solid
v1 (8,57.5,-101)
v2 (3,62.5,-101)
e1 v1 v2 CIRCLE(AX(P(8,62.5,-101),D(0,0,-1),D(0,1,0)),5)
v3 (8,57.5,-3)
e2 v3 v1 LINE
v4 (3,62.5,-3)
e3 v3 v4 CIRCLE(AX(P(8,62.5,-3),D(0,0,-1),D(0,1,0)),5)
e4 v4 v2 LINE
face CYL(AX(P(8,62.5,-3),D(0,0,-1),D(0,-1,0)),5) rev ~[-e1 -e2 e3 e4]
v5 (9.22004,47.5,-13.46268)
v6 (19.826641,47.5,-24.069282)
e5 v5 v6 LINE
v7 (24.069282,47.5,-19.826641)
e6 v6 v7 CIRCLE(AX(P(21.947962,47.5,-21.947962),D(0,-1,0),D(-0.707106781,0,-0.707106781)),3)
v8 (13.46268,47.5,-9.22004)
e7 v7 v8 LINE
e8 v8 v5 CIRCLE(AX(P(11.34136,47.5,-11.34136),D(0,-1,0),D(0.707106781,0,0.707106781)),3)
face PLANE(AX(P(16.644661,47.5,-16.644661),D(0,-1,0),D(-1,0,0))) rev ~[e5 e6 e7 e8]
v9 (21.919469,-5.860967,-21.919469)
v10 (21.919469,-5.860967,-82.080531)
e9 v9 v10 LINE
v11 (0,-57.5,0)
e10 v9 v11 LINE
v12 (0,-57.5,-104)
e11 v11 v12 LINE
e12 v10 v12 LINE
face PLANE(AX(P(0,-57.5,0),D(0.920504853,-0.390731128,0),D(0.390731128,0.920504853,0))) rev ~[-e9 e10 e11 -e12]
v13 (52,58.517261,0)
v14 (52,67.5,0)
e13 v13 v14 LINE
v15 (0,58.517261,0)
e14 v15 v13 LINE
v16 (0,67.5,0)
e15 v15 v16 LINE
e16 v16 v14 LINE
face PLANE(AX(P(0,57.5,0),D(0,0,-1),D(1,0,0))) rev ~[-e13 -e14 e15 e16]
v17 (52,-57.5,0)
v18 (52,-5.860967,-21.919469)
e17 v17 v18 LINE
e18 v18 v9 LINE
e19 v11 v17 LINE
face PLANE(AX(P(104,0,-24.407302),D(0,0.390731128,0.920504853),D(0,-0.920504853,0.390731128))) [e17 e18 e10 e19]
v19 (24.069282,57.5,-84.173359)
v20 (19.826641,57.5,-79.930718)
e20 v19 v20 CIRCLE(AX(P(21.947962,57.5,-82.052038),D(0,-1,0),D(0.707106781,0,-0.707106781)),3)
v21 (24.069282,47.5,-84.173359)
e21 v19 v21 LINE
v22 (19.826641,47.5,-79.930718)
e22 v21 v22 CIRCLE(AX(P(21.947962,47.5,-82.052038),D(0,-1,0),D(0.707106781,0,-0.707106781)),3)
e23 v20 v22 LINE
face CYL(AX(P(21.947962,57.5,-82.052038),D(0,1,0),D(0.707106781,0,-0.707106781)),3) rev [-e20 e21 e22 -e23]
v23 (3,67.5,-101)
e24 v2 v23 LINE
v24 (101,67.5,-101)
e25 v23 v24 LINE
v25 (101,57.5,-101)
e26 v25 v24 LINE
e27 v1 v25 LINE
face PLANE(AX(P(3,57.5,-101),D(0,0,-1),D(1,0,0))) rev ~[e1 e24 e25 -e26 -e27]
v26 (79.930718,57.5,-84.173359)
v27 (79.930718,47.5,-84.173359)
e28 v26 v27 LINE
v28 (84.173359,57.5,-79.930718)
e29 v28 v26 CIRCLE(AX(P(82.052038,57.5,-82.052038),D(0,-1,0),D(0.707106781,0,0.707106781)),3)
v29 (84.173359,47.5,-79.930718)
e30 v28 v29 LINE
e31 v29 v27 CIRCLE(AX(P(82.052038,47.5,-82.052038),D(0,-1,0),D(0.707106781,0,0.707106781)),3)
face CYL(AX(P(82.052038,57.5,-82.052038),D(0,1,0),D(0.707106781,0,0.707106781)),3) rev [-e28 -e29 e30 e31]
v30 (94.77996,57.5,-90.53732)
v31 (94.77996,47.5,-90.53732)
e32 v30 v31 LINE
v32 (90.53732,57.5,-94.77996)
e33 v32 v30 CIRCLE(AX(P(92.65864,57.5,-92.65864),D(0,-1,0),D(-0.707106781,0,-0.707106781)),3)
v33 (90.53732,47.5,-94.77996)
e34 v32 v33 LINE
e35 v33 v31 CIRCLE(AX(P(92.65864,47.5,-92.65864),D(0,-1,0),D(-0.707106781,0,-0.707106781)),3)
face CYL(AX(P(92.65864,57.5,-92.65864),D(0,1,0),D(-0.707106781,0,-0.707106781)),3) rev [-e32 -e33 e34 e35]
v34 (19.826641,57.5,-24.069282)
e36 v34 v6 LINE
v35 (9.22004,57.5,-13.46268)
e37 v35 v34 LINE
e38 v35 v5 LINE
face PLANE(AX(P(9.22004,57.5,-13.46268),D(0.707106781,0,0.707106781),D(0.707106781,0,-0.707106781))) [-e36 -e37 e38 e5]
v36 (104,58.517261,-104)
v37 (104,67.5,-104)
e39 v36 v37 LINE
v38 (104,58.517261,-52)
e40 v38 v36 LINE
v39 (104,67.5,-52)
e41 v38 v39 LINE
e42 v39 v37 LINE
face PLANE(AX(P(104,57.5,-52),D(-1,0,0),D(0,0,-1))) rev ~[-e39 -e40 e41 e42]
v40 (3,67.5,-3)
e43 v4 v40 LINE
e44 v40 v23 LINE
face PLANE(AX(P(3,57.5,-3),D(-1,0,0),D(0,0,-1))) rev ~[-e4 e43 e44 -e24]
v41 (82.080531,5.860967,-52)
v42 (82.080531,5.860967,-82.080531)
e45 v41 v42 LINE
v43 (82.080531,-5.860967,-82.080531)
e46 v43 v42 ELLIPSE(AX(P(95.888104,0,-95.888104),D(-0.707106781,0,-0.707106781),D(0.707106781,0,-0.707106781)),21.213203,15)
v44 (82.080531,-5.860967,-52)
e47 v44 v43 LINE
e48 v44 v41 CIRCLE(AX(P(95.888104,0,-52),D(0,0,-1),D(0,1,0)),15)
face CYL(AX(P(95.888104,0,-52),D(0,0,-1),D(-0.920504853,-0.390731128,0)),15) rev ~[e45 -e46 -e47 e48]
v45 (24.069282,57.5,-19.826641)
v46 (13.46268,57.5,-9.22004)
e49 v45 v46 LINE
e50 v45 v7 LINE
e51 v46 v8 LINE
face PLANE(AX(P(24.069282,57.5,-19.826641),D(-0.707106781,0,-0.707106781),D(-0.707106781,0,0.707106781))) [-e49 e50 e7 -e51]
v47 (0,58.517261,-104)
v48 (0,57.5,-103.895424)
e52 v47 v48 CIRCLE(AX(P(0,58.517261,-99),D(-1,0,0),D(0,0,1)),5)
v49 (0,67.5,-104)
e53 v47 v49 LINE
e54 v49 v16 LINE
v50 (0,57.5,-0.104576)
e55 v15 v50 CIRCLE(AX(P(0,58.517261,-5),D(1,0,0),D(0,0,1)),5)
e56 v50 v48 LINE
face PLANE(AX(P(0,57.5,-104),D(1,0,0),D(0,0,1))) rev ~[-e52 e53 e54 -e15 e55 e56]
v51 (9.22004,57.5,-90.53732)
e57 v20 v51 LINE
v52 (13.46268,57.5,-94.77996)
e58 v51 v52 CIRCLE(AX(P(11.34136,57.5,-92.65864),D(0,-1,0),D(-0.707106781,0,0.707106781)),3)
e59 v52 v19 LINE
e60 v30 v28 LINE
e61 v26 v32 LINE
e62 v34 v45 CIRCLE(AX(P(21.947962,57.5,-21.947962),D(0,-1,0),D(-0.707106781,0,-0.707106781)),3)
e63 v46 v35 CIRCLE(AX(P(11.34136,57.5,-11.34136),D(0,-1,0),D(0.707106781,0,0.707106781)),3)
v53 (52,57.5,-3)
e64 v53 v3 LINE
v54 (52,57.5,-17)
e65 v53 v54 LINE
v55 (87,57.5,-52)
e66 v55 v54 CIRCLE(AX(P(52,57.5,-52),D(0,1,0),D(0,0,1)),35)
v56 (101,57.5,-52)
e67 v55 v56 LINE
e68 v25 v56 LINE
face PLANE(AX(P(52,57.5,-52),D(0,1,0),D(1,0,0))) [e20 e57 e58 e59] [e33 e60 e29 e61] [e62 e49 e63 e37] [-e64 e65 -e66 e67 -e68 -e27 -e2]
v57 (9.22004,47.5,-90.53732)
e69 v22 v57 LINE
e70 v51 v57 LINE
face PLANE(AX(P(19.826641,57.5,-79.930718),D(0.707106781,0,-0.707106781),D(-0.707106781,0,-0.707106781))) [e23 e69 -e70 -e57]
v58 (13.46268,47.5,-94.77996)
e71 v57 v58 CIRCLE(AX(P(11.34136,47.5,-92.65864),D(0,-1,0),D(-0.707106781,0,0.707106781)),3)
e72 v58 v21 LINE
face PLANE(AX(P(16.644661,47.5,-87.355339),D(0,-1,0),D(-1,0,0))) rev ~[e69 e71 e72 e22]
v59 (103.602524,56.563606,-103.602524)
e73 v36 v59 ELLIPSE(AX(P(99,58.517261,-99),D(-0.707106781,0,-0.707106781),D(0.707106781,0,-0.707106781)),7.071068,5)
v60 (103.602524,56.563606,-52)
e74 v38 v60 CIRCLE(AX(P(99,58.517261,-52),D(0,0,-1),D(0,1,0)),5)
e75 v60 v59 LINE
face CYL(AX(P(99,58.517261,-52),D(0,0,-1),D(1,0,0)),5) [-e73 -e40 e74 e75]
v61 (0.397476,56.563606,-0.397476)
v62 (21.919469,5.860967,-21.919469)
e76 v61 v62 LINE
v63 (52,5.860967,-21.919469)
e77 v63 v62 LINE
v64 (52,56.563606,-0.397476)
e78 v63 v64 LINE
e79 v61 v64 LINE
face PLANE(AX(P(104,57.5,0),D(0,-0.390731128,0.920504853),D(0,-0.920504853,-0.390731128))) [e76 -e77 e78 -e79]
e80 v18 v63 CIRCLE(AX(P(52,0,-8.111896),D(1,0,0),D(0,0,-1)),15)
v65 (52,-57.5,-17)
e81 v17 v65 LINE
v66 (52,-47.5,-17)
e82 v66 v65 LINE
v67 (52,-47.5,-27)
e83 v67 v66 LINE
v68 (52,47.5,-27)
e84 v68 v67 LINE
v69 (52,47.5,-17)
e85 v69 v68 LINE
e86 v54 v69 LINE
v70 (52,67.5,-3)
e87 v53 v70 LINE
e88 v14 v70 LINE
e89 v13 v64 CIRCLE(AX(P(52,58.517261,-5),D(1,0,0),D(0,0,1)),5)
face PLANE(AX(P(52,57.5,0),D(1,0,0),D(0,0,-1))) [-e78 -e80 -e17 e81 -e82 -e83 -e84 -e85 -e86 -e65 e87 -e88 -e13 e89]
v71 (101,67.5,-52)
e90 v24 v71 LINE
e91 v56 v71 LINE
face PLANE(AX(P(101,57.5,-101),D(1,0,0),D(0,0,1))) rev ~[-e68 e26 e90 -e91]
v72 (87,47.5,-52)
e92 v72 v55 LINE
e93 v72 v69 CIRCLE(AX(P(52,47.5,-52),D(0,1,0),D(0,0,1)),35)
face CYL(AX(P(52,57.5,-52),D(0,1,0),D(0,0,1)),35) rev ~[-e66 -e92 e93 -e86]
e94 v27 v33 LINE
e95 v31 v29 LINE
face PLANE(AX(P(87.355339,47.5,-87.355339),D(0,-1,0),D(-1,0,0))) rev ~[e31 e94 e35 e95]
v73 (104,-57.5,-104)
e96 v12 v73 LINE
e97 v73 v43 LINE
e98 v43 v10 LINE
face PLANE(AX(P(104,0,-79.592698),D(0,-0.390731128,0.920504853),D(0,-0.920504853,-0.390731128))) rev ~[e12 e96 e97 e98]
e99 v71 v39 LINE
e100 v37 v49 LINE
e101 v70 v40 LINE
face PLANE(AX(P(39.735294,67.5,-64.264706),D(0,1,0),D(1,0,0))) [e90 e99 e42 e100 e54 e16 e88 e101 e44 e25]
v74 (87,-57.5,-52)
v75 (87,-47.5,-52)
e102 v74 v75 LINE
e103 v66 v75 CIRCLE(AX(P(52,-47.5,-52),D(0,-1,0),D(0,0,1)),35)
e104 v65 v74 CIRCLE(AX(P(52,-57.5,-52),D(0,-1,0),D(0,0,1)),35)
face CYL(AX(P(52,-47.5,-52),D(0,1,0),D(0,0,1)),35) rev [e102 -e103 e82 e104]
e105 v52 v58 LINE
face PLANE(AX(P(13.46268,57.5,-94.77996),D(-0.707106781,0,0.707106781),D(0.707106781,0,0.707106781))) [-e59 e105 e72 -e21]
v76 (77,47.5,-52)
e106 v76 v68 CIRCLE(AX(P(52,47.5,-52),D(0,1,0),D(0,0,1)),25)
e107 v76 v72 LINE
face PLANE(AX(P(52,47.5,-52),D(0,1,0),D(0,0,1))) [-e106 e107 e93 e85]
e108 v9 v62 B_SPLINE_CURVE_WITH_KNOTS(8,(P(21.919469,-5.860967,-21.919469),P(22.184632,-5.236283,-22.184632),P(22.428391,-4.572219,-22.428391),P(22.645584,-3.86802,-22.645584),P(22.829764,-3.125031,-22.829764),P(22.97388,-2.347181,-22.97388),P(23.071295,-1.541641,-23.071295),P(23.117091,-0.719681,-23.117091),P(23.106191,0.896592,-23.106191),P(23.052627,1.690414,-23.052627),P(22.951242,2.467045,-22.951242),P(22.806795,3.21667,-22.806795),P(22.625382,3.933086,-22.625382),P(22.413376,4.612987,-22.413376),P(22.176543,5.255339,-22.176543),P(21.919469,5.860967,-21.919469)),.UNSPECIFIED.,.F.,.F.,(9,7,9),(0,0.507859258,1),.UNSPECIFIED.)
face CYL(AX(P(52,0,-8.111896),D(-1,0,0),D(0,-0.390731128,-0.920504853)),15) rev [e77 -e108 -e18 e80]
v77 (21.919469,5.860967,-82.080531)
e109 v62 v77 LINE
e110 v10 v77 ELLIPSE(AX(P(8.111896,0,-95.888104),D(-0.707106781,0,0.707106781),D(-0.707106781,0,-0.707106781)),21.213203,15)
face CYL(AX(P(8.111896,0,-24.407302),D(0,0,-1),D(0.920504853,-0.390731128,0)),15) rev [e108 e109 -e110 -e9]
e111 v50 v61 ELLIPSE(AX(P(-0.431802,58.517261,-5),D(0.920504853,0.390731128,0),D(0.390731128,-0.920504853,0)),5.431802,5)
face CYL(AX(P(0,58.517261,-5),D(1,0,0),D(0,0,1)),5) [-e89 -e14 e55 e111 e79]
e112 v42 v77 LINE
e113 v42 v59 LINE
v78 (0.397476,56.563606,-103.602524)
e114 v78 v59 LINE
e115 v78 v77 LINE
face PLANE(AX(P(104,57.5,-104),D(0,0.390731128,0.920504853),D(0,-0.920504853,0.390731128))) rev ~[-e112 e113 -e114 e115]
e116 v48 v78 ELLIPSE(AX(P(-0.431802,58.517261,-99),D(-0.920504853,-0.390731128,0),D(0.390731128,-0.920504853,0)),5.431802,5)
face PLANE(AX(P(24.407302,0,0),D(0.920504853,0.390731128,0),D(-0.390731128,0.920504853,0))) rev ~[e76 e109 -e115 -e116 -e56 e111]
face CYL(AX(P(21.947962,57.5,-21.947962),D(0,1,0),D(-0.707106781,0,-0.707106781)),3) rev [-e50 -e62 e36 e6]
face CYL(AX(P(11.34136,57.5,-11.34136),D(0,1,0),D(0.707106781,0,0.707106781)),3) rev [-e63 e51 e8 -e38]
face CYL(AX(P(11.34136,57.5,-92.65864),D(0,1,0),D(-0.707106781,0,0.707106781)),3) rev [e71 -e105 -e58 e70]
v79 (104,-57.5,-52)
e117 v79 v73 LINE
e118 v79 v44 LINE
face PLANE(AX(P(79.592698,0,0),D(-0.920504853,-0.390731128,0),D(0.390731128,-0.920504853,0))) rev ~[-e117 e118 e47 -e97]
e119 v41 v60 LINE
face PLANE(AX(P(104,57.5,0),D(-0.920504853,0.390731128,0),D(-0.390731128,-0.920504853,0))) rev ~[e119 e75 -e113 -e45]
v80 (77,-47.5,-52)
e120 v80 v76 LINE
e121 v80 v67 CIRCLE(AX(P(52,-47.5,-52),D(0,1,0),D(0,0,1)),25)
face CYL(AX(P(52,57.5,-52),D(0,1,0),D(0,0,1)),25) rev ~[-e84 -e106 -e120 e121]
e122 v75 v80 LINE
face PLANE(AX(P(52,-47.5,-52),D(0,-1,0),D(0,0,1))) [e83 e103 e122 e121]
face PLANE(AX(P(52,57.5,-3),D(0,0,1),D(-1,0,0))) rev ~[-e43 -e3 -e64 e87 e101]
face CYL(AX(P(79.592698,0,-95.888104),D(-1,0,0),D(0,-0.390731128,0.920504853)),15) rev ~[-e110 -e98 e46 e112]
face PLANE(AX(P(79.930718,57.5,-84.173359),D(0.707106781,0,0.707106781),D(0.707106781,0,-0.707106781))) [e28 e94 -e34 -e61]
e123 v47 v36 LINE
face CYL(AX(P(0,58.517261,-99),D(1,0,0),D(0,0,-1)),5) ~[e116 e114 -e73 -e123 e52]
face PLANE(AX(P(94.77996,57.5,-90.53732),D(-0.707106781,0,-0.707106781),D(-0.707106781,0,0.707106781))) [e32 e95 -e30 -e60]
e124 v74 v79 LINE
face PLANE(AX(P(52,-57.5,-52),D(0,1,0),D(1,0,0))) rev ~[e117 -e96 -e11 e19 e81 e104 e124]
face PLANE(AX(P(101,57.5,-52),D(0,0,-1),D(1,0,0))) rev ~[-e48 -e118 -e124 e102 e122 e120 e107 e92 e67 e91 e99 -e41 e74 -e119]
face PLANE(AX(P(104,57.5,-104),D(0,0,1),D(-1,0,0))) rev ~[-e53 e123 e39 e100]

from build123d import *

# Parameters (mm, degrees)
SKETCH1_W           = 104
SKETCH1_H           = 104
BOSS_EXTRUDE1_DEPTH = 57.5
CUT_EXTRUDE1_DEPTH  = 104
CUT_EXTRUDE2_DEPTH  = 104
SKETCH4_R           = 25
CUT_EXTRUDE3_DEPTH  = 115
SKETCH5_R           = 35
SKETCH5_R_2         = 25
CUT_EXTRUDE4_DEPTH  = 10
CUT_EXTRUDE5_START  = -10
SKETCH6_R           = 35
CUT_EXTRUDE5_DEPTH  = 10
SKETCH7_W           = 52
SKETCH7_H           = 52
CUT_EXTRUDE6_DEPTH  = 115
FILLET1_R           = 15
BOSS_EXTRUDE2_DEPTH = 10
CUT_EXTRUDE7_DEPTH  = 10
FILLET2_R           = 5


with BuildPart() as part:
    # Sketch1 → Boss-Extrude1 (new, symmetric)
    with BuildSketch(Plane(origin=(0, 0, 0), x_dir=(1, 0, 0), z_dir=(0, 1, 0))):
        with Locations((52, 52)):
            Rectangle(SKETCH1_W, SKETCH1_H)
    extrude(amount=BOSS_EXTRUDE1_DEPTH, both=True)

    # Sketch2 → Cut-Extrude1 (cut)
    with BuildSketch(Plane.XY):
        Polygon((0, -57.5), (24.407301932, 0), (0, 57.5), align=None)
        Polygon((104, 57.5), (79.592698068, 0), (104, -57.5), align=None)
    extrude(amount=-CUT_EXTRUDE1_DEPTH, mode=Mode.SUBTRACT)

    # Sketch3 → Cut-Extrude2 (cut)
    with BuildSketch(Plane.ZY.offset(-104)):
        Polygon((-104, 57.5), (-79.592698068, 0), (-104, -57.5), align=None)
        Polygon((0, 57.5), (-24.407301932, 0), (0, -57.5), align=None)
    extrude(amount=CUT_EXTRUDE2_DEPTH, mode=Mode.SUBTRACT)

    # Sketch4 → Cut-Extrude3 (cut)
    with BuildSketch(Plane(origin=(0, 57.5, 0), x_dir=(1, 0, 0), z_dir=(0, 1, 0))):
        with Locations(Location((52, 52, 0), (0, 0, 270))):
            Circle(SKETCH4_R)
    extrude(amount=-CUT_EXTRUDE3_DEPTH, mode=Mode.SUBTRACT)

    # Sketch5 → Cut-Extrude4 (cut)
    with BuildSketch(Plane(origin=(0, 57.5, 0), x_dir=(1, 0, 0), z_dir=(0, 1, 0))):
        with Locations(Location((52, 52, 0), (0, 0, 270))):
            Circle(SKETCH5_R)
        with Locations(Location((52, 52, 0), (0, 0, 270))):
            Circle(SKETCH5_R_2, mode=Mode.SUBTRACT)
    extrude(amount=-CUT_EXTRUDE4_DEPTH, mode=Mode.SUBTRACT)

    # Sketch6 → Cut-Extrude5 (cut)
    with BuildSketch(Plane.XZ.offset(57.5).offset(CUT_EXTRUDE5_START)):
        with Locations(Location((52, -52, 0), (0, 0, 90))):
            Circle(SKETCH6_R)
    extrude(amount=CUT_EXTRUDE5_DEPTH, mode=Mode.SUBTRACT)

    # Sketch7 → Cut-Extrude6 (cut)
    with BuildSketch(Plane(origin=(0, 57.5, 0), x_dir=(1, 0, 0), z_dir=(0, 1, 0))):
        with Locations((78, 26)):
            Rectangle(SKETCH7_W, SKETCH7_H)
    extrude(amount=-CUT_EXTRUDE6_DEPTH, mode=Mode.SUBTRACT)

    # Fillet1
    fillet1_edges = [part.edges().sort_by_distance(p)[0] for p in [
        (24.407301932, 0, -52),
        (79.592698068, 0, -65.796349034),
        (52, 0, -79.592698068),
        (38.203650966, 0, -24.407301932),
    ]]
    fillet(fillet1_edges, radius=FILLET1_R)

    # Sketch8 → Boss-Extrude2 (add)
    with BuildSketch(Plane(origin=(0, 57.5, 0), x_dir=(1, 0, 0), z_dir=(0, 1, 0))):
        Polygon((101, 101), (101, 52), (104, 52), (104, 104), (0, 104), (0, 0), (52, 0), (52, 3), (3, 3), (3, 101), align=None)
    extrude(amount=BOSS_EXTRUDE2_DEPTH)

    # Sketch9 → Cut-Extrude7 (cut)
    with BuildSketch(Plane(origin=(0, 57.5, 0), x_dir=(1, 0, 0), z_dir=(0, 1, 0))):
        with BuildLine():
            Line((13.462680425, 94.779960262), (24.069282143, 84.173358544))
            ThreePointArc((24.069282143, 84.173358544), (24.069282143, 79.930717857), (19.826641456, 79.930717857))
            Line((19.826641456, 79.930717857), (9.220039738, 90.537319575))
            ThreePointArc((9.220039738, 90.537319575), (9.220039738, 94.779960262), (13.462680425, 94.779960262))
        make_face()
        with BuildLine():
            Line((94.779960262, 90.537319575), (84.173358544, 79.930717857))
            ThreePointArc((84.173358544, 79.930717857), (79.930717857, 79.930717857), (79.930717857, 84.173358544))
            Line((79.930717857, 84.173358544), (90.537319575, 94.779960262))
            ThreePointArc((90.537319575, 94.779960262), (94.779960262, 94.779960262), (94.779960262, 90.537319575))
        make_face()
        with BuildLine():
            Line((24.069282143, 19.826641456), (13.462680425, 9.220039738))
            ThreePointArc((13.462680425, 9.220039738), (9.220039738, 9.220039738), (9.220039738, 13.462680425))
            Line((9.220039738, 13.462680425), (19.826641456, 24.069282143))
            ThreePointArc((19.826641456, 24.069282143), (24.069282143, 24.069282143), (24.069282143, 19.826641456))
        make_face()
    extrude(amount=-CUT_EXTRUDE7_DEPTH, mode=Mode.SUBTRACT)

    # Fillet2
    fillet2_edges = [part.edges().sort_by_distance(p)[0] for p in [
        (104, 57.5, -78),
        (3, 57.5, -52),
        (52, 57.5, -104),
        (26, 57.5, 0),
    ]]
    fillet(fillet2_edges, radius=FILLET2_R)


solid = part.part
